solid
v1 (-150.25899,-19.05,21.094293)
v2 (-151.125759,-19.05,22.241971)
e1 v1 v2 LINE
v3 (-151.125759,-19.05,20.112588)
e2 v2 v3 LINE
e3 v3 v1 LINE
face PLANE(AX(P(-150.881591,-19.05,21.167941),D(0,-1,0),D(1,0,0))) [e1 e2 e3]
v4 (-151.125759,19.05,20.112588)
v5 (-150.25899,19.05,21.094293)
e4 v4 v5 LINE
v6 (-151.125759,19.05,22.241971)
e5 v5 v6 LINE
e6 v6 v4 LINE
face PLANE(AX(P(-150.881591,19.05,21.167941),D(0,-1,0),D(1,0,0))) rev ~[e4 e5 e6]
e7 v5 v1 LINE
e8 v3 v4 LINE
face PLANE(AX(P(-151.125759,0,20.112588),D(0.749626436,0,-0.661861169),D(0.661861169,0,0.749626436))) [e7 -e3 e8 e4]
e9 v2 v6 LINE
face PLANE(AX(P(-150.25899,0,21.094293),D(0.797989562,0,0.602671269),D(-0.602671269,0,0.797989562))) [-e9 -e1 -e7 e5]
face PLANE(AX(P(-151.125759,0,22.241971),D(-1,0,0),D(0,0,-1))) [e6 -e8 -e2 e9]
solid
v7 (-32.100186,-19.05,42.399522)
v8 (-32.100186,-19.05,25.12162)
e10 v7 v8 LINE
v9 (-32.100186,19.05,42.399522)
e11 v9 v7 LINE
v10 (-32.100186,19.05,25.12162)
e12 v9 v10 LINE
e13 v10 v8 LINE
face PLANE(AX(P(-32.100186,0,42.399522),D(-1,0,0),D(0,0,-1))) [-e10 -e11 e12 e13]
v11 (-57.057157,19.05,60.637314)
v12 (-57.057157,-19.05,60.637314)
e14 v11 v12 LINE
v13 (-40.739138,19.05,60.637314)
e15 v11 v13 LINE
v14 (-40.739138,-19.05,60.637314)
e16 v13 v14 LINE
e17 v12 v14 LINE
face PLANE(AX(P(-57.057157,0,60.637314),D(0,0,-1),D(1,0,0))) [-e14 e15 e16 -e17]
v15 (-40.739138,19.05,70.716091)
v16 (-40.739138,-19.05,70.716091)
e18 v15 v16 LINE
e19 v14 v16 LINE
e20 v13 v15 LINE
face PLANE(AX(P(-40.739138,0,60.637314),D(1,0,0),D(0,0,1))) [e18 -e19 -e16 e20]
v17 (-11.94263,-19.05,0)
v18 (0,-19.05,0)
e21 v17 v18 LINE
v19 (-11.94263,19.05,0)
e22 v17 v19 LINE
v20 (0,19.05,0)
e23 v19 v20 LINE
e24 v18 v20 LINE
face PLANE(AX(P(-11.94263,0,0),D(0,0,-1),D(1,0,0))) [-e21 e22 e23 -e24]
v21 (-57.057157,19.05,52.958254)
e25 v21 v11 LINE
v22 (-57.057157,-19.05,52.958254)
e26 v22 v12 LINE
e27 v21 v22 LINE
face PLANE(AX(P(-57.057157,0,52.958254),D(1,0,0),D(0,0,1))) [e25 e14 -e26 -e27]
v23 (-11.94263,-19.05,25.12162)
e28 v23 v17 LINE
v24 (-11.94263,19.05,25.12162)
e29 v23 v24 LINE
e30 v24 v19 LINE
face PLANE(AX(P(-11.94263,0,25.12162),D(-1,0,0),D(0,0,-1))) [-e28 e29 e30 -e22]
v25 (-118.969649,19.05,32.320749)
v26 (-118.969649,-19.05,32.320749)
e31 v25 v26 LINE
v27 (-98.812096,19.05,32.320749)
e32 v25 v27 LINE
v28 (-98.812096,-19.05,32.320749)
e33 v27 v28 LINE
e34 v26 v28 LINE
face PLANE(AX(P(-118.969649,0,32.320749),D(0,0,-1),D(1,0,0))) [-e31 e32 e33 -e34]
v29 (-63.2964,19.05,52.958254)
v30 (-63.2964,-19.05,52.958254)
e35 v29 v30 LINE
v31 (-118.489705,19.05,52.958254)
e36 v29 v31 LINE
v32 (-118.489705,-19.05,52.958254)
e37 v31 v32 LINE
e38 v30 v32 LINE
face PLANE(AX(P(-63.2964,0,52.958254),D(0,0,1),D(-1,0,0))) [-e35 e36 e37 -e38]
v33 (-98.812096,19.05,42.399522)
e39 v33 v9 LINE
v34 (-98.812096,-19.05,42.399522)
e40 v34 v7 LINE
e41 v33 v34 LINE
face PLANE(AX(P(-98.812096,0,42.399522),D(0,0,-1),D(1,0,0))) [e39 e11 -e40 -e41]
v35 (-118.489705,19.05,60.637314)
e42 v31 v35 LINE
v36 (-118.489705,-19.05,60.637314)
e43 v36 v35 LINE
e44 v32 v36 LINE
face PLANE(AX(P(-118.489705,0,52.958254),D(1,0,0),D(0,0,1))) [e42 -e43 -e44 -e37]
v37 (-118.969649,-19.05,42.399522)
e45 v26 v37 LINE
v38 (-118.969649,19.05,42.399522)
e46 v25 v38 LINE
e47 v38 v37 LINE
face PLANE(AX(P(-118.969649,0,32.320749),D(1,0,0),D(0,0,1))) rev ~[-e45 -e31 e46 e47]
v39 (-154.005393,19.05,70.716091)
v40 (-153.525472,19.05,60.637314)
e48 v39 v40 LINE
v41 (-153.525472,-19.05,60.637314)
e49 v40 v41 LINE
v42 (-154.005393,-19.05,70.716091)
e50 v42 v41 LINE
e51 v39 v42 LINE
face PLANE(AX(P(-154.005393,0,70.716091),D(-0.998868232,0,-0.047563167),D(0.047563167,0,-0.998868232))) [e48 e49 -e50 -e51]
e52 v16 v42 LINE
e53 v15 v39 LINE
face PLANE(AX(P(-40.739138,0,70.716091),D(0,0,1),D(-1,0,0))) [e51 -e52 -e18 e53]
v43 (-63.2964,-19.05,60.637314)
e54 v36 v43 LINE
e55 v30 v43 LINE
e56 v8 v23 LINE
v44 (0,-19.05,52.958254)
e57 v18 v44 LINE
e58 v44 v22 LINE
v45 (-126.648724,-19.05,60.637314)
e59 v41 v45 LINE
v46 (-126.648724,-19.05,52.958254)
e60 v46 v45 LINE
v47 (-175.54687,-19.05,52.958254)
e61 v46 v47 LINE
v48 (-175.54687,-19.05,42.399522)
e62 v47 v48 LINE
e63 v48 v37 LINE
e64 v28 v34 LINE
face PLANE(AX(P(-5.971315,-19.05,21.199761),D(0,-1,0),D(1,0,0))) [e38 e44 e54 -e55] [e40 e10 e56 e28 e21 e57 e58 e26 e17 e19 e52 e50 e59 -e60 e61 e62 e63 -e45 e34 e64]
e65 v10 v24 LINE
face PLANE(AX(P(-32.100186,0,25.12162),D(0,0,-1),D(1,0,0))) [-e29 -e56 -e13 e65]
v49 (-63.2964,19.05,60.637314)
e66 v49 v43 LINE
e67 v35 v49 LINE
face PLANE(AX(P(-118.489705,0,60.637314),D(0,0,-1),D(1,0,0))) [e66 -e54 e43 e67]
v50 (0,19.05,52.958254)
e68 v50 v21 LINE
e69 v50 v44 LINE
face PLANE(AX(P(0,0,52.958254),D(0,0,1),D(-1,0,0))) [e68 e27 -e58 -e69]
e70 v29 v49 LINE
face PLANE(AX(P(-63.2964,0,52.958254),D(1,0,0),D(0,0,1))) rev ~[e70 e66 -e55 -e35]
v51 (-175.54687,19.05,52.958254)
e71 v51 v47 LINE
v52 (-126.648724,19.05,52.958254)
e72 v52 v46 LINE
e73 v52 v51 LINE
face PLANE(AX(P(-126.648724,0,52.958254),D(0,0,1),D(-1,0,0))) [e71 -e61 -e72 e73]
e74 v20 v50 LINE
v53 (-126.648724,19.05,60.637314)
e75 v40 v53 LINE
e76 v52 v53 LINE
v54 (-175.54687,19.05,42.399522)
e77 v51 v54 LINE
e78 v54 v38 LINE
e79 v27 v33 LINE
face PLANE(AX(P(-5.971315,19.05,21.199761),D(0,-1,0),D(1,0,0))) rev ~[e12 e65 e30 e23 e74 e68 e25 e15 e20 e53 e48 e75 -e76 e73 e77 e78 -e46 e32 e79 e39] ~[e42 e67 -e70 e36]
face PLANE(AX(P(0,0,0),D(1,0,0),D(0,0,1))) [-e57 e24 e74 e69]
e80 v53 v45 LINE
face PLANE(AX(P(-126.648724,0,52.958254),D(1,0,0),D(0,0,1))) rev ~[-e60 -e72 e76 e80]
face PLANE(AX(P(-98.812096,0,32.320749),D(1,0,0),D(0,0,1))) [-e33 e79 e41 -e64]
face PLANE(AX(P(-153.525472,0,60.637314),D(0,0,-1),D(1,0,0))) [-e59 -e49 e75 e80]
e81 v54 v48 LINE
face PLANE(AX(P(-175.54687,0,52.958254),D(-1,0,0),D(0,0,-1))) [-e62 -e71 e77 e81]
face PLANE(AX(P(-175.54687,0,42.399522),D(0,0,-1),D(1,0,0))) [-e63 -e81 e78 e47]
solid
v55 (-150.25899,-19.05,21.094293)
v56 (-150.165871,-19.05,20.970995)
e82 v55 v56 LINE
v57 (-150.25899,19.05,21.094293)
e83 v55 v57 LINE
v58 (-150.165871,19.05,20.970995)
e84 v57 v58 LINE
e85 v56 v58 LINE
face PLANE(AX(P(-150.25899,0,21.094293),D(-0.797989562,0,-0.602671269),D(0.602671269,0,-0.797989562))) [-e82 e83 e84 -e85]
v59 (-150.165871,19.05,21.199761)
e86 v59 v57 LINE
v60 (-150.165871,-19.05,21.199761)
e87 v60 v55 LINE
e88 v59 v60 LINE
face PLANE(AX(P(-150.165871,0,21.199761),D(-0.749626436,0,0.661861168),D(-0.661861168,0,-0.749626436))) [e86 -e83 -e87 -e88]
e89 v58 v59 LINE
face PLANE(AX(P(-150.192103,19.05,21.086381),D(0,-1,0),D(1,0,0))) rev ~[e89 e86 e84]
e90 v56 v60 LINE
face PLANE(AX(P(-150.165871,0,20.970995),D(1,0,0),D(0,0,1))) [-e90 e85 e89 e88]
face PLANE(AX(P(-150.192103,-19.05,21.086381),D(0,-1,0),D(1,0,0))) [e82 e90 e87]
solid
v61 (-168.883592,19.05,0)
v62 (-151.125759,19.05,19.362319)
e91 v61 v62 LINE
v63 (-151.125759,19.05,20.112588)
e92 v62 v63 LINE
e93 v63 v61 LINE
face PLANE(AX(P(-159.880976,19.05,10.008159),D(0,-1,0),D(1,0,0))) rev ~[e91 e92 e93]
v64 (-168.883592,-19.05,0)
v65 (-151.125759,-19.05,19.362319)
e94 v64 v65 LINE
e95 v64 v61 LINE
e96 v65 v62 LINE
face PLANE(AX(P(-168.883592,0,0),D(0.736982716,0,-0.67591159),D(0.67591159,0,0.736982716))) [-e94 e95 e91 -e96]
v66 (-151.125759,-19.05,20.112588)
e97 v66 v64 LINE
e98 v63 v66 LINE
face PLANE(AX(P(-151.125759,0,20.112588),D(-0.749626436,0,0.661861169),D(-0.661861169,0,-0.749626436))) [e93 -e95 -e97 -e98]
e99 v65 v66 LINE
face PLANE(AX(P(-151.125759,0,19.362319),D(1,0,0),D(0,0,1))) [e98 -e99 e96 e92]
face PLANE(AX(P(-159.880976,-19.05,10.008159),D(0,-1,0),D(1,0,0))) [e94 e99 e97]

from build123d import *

# Parameters (mm, degrees)
F0_W     = 6.2392428517
F0_H     = 7.6790601015
F0_W_2   = 20.1575532556
F0_H_2   = 10.0787729025
F0_W_3   = 8.159019053
F1_DEPTH = 19.05


with BuildPart() as f1:
    # F0 (on Front) → F1 (new body, symmetric)
    with BuildSketch(Plane.XZ):
        Polygon((0, 0), (0, 42.3995219171), (-11.9426297024, 42.3995219171), (-11.9426297024, 25.1216199249), (-11.9426297024, 0), align=None)
        Polygon((-11.9426297024, 42.3995219171), (0, 42.3995219171), (0, 52.9582537711), (-57.0571571589, 52.9582537711), (-63.2964000106, 52.9582537711), (-118.4897050261, 52.9582537711), (-126.6487240791, 52.9582537711), (-175.5468696356, 52.9582537711), (-175.5468696356, 42.3995219171), (-150.1658707857, 42.3995219171), (-118.9696490765, 42.3995219171), (-98.8120958209, 42.3995219171), (-32.1001857519, 42.3995219171), (-17.2219891101, 42.3995219171), align=None)
        Polygon((-11.9426297024, 25.1216199249), (-11.9426297024, 42.3995219171), (-17.2219891101, 42.3995219171), (-32.1001857519, 42.3995219171), (-32.1001857519, 25.1216199249), align=None)
        with Locations((-60.1767785847, 56.7977838218)):
            Rectangle(F0_W, F0_H)
        Polygon((-63.2964000106, 60.6373138726), (-57.0571571589, 60.6373138726), (-40.7391376793, 60.6373138726), (-40.7391376793, 70.7160905004), (-154.0053933859, 70.7160905004), (-153.5254716873, 60.6373138726), (-126.6487240791, 60.6373138726), (-118.4897050261, 60.6373138726), align=None)
        with Locations((-108.8908724487, 37.3601354659)):
            Rectangle(F0_W_2, F0_H_2)
        with Locations((-122.5692145526, 56.7977838218)):
            Rectangle(F0_W_3, F0_H)
    extrude(amount=F1_DEPTH, both=True)


with BuildPart() as f1b:
    # F0 (on Front) → F1, piece 2 (new body, symmetric)
    with BuildSketch(Plane.XZ):
        Polygon((-151.1257588863, 19.3623192608), (-151.1257588863, 20.1125881042), (-168.8835918903, 0), align=None)
    extrude(amount=F1_DEPTH, both=True)


with BuildPart() as f1c:
    # F0 (on Front) → F1, piece 3 (new body, symmetric)
    with BuildSketch(Plane.XZ):
        Polygon((-151.1257588863, 20.1125881042), (-150.2589904928, 21.0942932298), (-151.1257588863, 22.2419705242), align=None)
    extrude(amount=F1_DEPTH, both=True)


with BuildPart() as f1d:
    # F0 (on Front) → F1, piece 4 (new body, symmetric)
    with BuildSketch(Plane.XZ):
        Polygon((-150.1658707857, 20.970994579), (-150.1658707857, 21.1997609586), (-150.2589904928, 21.0942932298), align=None)
    extrude(amount=F1_DEPTH, both=True)


solid = Compound([f1.part, f1b.part, f1c.part, f1d.part])
